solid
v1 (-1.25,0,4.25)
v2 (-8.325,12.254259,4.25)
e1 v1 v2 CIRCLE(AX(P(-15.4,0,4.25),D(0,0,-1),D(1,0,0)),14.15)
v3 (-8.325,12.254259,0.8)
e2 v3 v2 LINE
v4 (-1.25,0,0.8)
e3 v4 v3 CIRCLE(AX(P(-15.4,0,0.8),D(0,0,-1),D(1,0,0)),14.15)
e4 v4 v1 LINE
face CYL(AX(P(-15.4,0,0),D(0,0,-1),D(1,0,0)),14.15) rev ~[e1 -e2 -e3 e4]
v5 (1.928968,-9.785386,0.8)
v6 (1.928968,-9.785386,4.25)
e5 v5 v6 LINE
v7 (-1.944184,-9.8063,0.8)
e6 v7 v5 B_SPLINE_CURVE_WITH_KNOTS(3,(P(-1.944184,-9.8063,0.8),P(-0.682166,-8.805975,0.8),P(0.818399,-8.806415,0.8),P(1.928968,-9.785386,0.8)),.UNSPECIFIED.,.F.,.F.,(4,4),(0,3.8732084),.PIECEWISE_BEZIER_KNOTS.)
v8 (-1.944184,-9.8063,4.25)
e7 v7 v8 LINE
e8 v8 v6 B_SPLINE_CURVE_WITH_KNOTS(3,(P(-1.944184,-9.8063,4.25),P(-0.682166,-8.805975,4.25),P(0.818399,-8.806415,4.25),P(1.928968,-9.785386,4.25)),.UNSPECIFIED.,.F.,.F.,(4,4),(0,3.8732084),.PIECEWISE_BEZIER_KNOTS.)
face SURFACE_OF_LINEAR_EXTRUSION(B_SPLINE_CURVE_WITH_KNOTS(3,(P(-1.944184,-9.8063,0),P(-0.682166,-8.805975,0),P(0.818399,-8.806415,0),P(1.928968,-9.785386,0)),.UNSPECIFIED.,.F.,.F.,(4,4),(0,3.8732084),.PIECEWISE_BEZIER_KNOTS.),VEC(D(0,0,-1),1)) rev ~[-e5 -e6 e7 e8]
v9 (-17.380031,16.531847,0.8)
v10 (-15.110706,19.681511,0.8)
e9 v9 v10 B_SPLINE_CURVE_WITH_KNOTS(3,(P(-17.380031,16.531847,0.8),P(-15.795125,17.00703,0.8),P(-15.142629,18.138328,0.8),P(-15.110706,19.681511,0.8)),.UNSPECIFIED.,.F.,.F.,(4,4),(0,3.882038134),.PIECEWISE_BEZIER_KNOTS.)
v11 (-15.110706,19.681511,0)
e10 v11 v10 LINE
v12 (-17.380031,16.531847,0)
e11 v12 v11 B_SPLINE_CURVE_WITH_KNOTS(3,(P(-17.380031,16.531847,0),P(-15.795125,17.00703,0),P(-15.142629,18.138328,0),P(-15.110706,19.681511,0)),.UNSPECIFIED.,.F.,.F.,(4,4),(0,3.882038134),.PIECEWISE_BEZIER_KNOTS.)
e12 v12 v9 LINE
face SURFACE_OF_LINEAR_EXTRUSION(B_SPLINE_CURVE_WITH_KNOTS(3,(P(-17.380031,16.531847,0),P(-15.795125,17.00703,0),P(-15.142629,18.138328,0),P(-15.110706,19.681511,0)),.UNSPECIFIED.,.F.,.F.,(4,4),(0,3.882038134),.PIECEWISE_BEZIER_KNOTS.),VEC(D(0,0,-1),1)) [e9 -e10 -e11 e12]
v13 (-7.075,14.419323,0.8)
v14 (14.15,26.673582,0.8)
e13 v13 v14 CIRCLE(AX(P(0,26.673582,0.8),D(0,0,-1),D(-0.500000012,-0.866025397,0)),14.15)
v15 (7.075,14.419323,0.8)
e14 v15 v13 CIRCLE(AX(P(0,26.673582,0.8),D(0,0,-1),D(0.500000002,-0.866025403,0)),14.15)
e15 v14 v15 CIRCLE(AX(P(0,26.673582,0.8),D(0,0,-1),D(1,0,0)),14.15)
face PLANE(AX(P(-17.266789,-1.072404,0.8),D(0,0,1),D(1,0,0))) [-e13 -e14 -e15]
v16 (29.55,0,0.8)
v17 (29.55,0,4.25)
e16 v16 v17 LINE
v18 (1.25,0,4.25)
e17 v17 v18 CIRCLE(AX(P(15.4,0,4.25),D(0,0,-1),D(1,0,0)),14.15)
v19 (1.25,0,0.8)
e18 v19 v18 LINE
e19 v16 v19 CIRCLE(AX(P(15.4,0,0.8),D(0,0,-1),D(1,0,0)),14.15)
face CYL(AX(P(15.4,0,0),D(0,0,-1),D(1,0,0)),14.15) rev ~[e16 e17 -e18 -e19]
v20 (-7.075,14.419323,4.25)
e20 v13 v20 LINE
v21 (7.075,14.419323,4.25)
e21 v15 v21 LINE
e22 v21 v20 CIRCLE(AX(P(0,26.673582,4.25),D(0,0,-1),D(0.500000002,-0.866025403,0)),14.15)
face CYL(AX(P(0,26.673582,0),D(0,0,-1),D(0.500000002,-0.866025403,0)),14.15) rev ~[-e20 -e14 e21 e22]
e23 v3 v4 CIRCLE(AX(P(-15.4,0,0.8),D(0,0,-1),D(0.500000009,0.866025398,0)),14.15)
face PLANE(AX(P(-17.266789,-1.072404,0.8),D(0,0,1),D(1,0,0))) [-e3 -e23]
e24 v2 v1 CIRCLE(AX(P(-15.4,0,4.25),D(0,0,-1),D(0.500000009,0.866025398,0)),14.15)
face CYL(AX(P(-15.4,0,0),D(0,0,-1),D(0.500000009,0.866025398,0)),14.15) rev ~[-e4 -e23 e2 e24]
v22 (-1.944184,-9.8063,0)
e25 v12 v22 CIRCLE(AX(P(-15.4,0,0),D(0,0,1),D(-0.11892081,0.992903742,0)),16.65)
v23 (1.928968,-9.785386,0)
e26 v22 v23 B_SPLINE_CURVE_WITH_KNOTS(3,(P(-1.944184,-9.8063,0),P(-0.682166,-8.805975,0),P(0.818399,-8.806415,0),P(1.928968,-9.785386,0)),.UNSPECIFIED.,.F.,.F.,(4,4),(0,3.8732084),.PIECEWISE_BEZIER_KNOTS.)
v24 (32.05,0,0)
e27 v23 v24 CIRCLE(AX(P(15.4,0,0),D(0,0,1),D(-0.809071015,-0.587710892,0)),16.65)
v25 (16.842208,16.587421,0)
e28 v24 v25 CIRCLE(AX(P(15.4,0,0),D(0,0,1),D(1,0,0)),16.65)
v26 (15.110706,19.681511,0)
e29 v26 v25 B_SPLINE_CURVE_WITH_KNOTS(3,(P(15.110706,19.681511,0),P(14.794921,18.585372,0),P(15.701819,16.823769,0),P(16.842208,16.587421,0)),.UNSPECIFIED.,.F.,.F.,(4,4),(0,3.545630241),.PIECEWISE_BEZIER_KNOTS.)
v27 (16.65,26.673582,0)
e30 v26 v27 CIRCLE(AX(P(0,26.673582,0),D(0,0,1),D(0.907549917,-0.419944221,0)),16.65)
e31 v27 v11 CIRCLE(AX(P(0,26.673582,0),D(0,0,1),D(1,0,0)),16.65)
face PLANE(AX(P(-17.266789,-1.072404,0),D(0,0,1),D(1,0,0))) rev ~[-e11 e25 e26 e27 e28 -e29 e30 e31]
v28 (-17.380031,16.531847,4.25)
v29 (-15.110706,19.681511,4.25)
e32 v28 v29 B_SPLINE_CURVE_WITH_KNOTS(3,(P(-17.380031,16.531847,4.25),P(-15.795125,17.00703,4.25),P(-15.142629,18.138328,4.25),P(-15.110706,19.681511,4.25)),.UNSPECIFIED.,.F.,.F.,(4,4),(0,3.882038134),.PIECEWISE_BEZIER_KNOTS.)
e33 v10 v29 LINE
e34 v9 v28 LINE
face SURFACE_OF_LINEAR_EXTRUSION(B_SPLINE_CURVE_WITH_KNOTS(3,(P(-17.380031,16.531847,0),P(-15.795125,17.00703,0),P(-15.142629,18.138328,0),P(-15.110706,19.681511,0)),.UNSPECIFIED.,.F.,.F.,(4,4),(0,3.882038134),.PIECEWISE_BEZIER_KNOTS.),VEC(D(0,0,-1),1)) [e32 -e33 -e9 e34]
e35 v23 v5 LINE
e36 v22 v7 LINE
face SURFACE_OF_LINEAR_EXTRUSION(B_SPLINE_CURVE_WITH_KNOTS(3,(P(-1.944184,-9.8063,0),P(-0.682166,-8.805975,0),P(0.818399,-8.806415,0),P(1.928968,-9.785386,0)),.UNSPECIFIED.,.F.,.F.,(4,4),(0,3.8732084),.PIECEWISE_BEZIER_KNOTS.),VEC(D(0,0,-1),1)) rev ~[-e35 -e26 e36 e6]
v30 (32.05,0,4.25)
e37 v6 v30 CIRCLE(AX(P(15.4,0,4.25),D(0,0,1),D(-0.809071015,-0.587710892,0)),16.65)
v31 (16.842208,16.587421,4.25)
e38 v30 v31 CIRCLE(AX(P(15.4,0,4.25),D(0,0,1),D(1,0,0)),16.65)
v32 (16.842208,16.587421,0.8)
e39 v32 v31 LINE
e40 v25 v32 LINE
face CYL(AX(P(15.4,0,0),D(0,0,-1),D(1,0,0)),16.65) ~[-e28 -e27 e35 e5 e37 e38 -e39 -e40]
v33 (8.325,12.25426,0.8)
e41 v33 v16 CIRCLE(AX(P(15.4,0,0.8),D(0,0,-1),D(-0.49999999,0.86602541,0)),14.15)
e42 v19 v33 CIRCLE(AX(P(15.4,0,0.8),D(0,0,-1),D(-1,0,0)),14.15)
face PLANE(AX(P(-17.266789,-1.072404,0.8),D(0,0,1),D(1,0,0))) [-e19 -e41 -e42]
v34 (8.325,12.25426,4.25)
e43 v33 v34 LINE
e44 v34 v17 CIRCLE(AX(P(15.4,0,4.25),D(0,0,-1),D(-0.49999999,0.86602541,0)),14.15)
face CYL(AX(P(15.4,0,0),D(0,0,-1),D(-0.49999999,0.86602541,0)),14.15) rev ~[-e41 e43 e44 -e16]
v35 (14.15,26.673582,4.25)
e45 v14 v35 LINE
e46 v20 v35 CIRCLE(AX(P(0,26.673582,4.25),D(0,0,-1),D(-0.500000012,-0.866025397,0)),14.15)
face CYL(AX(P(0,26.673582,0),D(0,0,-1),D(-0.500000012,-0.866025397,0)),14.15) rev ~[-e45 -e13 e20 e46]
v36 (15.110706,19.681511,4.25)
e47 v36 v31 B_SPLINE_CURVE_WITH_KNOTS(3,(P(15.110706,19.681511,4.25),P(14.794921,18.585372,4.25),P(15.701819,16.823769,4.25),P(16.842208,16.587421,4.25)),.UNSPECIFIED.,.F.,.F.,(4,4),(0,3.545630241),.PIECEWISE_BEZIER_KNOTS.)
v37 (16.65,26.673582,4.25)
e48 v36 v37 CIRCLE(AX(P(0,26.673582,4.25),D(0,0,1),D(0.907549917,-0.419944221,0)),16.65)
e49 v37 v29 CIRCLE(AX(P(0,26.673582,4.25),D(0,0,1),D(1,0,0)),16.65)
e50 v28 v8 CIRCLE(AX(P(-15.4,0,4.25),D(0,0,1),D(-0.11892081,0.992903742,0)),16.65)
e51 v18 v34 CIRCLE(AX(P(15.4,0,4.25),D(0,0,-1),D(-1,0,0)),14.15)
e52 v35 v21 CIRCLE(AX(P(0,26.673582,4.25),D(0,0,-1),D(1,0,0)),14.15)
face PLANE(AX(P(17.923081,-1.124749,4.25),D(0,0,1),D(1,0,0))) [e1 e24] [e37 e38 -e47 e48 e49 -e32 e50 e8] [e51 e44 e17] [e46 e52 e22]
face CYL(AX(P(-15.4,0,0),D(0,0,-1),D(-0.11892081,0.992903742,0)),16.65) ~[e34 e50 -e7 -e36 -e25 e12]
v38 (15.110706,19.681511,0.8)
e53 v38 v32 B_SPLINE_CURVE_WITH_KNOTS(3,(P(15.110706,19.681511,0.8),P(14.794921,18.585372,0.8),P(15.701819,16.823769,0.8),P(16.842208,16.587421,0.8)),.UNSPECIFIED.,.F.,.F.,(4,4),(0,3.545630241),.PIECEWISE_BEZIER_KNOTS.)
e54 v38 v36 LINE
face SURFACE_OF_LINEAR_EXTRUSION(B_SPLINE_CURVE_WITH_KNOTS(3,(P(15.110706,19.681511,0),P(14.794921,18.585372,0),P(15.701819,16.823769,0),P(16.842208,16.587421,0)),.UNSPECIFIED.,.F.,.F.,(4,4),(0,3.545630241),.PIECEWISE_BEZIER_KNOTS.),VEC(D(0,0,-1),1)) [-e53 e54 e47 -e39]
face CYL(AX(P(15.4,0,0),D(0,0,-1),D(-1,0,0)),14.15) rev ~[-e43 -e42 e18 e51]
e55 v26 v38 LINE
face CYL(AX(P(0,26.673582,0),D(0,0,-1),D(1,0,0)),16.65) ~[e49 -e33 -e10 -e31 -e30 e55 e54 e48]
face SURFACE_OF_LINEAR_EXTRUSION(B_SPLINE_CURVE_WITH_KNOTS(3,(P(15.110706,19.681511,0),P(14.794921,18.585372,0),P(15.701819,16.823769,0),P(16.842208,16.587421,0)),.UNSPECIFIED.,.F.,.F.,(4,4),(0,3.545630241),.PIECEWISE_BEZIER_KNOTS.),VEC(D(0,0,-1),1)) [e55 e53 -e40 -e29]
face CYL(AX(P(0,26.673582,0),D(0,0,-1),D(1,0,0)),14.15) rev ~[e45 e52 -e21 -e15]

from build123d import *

# Parameters (mm, degrees)
F1_DEPTH = 0.8
F2_DEPTH = 4.25


with BuildPart() as f1:
    # F0 (on Top) → F1 (new body)
    with BuildSketch(Plane.XY):
        with BuildLine():
            ThreePointArc((-1.9441843304, -9.8063002537), (-0.8677403981, -8.1262494955), (0, -6.3294944506))
            ThreePointArc((0, -6.3294944506), (-0.934511012, -3.2258719751), (-1.25, 0))
            ThreePointArc((-1.25, 0), (-27.654259501, -7.0749999351), (-8.3249998702, 12.2542593886))
            ThreePointArc((-8.3249998702, 12.2542593886), (-10.9609425294, 14.14041688), (-13.1815029873, 16.5015384436))
            ThreePointArc((-13.1815029873, 16.5015384436), (-15.2798080373, 16.6495661773), (-17.3800314921, 16.5318473042))
            ThreePointArc((-17.3800314921, 16.5318473042), (-29.7648149942, -8.4187047805), (-1.9441843304, -9.8063002537))
        make_face()
        with BuildLine():
            ThreePointArc((29.55, 0), (15.4, -14.15), (1.25, 0))
            ThreePointArc((1.25, 0), (0.934511012, -3.2258719751), (0, -6.3294944506))
            ThreePointArc((0, -6.3294944506), (0.8614331824, -8.1149599439), (1.9289676052, -9.7853863601))
            ThreePointArc((1.9289676052, -9.7853863601), (20.5444052438, -15.835327426), (32.05, 0))
            ThreePointArc((32.05, 0), (27.6726376204, 11.2518827686), (16.8422083078, 16.5874209929))
            ThreePointArc((16.8422083078, 16.5874209929), (15.0094875272, 16.6454197907), (13.1815029873, 16.5015384436))
            ThreePointArc((13.1815029873, 16.5015384436), (10.9609426486, 14.1404169843), (8.3250001445, 12.2542595469))
            ThreePointArc((8.3250001445, 12.2542595469), (22.4750000722, 12.2542594219), (29.55, 0))
        make_face()
        with BuildLine():
            ThreePointArc((7.075000026, 14.419322988), (10.026431588, 15.7590374872), (13.1815029873, 16.5015384436))
            ThreePointArc((13.1815029873, 16.5015384436), (14.2351793304, 18.0374855502), (15.1107061135, 19.681511159))
            ThreePointArc((15.1107061135, 19.681511159), (16.2606235549, 23.0938308244), (16.65, 26.6735824366))
            ThreePointArc((16.65, 26.6735824366), (-3.5797516122, 42.9342059915), (-15.1107061135, 19.681511159))
            ThreePointArc((-15.1107061135, 19.681511159), (-14.2351793304, 18.0374855502), (-13.1815029873, 16.5015384436))
            ThreePointArc((-13.1815029873, 16.5015384436), (-10.0264316681, 15.7590375145), (-7.0750001725, 14.4193230726))
            ThreePointArc((-7.0750001725, 14.4193230726), (-7.0749999137, 38.9278419499), (14.15, 26.6735824366))
            ThreePointArc((14.15, 26.6735824366), (12.254259471, 19.5985824495), (7.075000026, 14.419322988))
        make_face()
        with BuildLine():
            ThreePointArc((8.3250001445, 12.2542595469), (3.1457405781, 7.0750000722), (1.25, 0))
            ThreePointArc((1.25, 0), (15.4, -14.15), (29.55, 0))
            ThreePointArc((29.55, 0), (22.4750000722, 12.2542594219), (8.3250001445, 12.2542595469))
        make_face()
        with BuildLine():
            ThreePointArc((-7.0750001725, 14.4193230726), (-8.46e-08, 12.5235824366), (7.075000026, 14.419322988))
            ThreePointArc((7.075000026, 14.419322988), (12.254259471, 19.5985824495), (14.15, 26.6735824366))
            ThreePointArc((14.15, 26.6735824366), (-7.0749999137, 38.9278419499), (-7.0750001725, 14.4193230726))
        make_face()
        with BuildLine():
            ThreePointArc((-8.3249998702, 12.2542593886), (-27.654259501, -7.0749999351), (-1.25, 0))
            ThreePointArc((-1.25, 0), (-3.145740499, 7.0749999351), (-8.3249998702, 12.2542593886))
        make_face()
        with BuildLine():
            ThreePointArc((15.1107061135, 19.681511159), (14.2351793304, 18.0374855502), (13.1815029873, 16.5015384436))
            ThreePointArc((13.1815029873, 16.5015384436), (15.0094875272, 16.6454197907), (16.8422083078, 16.5874209929))
            add(Edge.make_bspline(
                [(15.1107061135, 19.681511159), (14.7949214968, 18.5853722938), (15.7018187627, 16.8237693996), (16.8422083078, 16.5874209929)],
                knots=[0, 0, 0, 0, 3.5456302408, 3.5456302408, 3.5456302408, 3.5456302408], degree=3))
        make_face()
        with BuildLine():
            ThreePointArc((1.9289676052, -9.7853863601), (0.8614331824, -8.1149599439), (0, -6.3294944506))
            ThreePointArc((0, -6.3294944506), (-0.8677403981, -8.1262494955), (-1.9441843304, -9.8063002537))
            add(Edge.make_bspline(
                [(-1.9441843304, -9.8063002537), (-0.6821660037, -8.8059748815), (0.8183994243, -8.8064145129), (1.9289676052, -9.7853863601)],
                knots=[0, 0, 0, 0, 3.8732083996, 3.8732083996, 3.8732083996, 3.8732083996], degree=3))
        make_face()
        with BuildLine():
            add(Edge.make_bspline(
                [(-17.3800314921, 16.5318473042), (-15.7951249097, 17.0070298051), (-15.1426289174, 18.1383281448), (-15.1107061135, 19.681511159)],
                knots=[0, 0, 0, 0, 3.8820381337, 3.8820381337, 3.8820381337, 3.8820381337], degree=3))
            ThreePointArc((-17.3800314921, 16.5318473042), (-15.2798080373, 16.6495661773), (-13.1815029873, 16.5015384436))
            ThreePointArc((-13.1815029873, 16.5015384436), (-14.2351793304, 18.0374855502), (-15.1107061135, 19.681511159))
        make_face()
        with BuildLine():
            ThreePointArc((-2.2184970127, 10.172043993), (-0.980677027, 8.325), (0, 6.3294944506))
            ThreePointArc((0, 6.3294944506), (0.980677027, 8.325), (2.2184970127, 10.172043993))
            ThreePointArc((2.2184970127, 10.172043993), (0, 10.0235824366), (-2.2184970127, 10.172043993))
        make_face()
        with BuildLine():
            ThreePointArc((0, 6.3294944506), (0.934511012, 3.2258719751), (1.25, 0))
            ThreePointArc((1.25, 0), (3.1457405781, 7.0750000722), (8.3250001445, 12.2542595469))
            ThreePointArc((8.3250001445, 12.2542595469), (5.3735685051, 10.9145449811), (2.2184970127, 10.172043993))
            ThreePointArc((2.2184970127, 10.172043993), (0.980677027, 8.325), (0, 6.3294944506))
        make_face()
        with BuildLine():
            ThreePointArc((-2.2184970127, 10.172043993), (0, 10.0235824366), (2.2184970127, 10.172043993))
            ThreePointArc((2.2184970127, 10.172043993), (4.4390574255, 12.5331655171), (7.075000026, 14.419322988))
            ThreePointArc((7.075000026, 14.419322988), (-8.46e-08, 12.5235824366), (-7.0750001725, 14.4193230726))
            ThreePointArc((-7.0750001725, 14.4193230726), (-4.4390574892, 12.5331655728), (-2.2184970127, 10.172043993))
        make_face()
        with BuildLine():
            ThreePointArc((-1.25, 0), (-0.934511012, 3.2258719751), (0, 6.3294944506))
            ThreePointArc((0, 6.3294944506), (-0.980677027, 8.325), (-2.2184970127, 10.172043993))
            ThreePointArc((-2.2184970127, 10.172043993), (-5.3735683552, 10.91454493), (-8.3249998702, 12.2542593886))
            ThreePointArc((-8.3249998702, 12.2542593886), (-3.145740499, 7.0749999351), (-1.25, 0))
        make_face()
        with BuildLine():
            ThreePointArc((2.2184970127, 10.172043993), (5.3735685051, 10.9145449811), (8.3250001445, 12.2542595469))
            ThreePointArc((8.3250001445, 12.2542595469), (10.9609426486, 14.1404169843), (13.1815029873, 16.5015384436))
            ThreePointArc((13.1815029873, 16.5015384436), (10.026431588, 15.7590374872), (7.075000026, 14.419322988))
            ThreePointArc((7.075000026, 14.419322988), (4.4390574255, 12.5331655171), (2.2184970127, 10.172043993))
        make_face()
        with BuildLine():
            ThreePointArc((0, -6.3294944506), (0.934511012, -3.2258719751), (1.25, 0))
            ThreePointArc((1.25, 0), (0.934511012, 3.2258719751), (0, 6.3294944506))
            ThreePointArc((0, 6.3294944506), (-0.934511012, 3.2258719751), (-1.25, 0))
            ThreePointArc((-1.25, 0), (-0.934511012, -3.2258719751), (0, -6.3294944506))
        make_face()
        with BuildLine():
            ThreePointArc((-8.3249998702, 12.2542593886), (-5.3735683552, 10.91454493), (-2.2184970127, 10.172043993))
            ThreePointArc((-2.2184970127, 10.172043993), (-4.4390574892, 12.5331655728), (-7.0750001725, 14.4193230726))
            ThreePointArc((-7.0750001725, 14.4193230726), (-10.0264316681, 15.7590375145), (-13.1815029873, 16.5015384436))
            ThreePointArc((-13.1815029873, 16.5015384436), (-10.9609425294, 14.14041688), (-8.3249998702, 12.2542593886))
        make_face()
    extrude(amount=F1_DEPTH)

    # F0 (on Top) → F2 (join)
    with BuildSketch(Plane.XY):
        with BuildLine():
            ThreePointArc((29.55, 0), (15.4, -14.15), (1.25, 0))
            ThreePointArc((1.25, 0), (0.934511012, -3.2258719751), (0, -6.3294944506))
            ThreePointArc((0, -6.3294944506), (0.8614331824, -8.1149599439), (1.9289676052, -9.7853863601))
            ThreePointArc((1.9289676052, -9.7853863601), (20.5444052438, -15.835327426), (32.05, 0))
            ThreePointArc((32.05, 0), (27.6726376204, 11.2518827686), (16.8422083078, 16.5874209929))
            ThreePointArc((16.8422083078, 16.5874209929), (15.0094875272, 16.6454197907), (13.1815029873, 16.5015384436))
            ThreePointArc((13.1815029873, 16.5015384436), (10.9609426486, 14.1404169843), (8.3250001445, 12.2542595469))
            ThreePointArc((8.3250001445, 12.2542595469), (22.4750000722, 12.2542594219), (29.55, 0))
        make_face()
        with BuildLine():
            ThreePointArc((-1.9441843304, -9.8063002537), (-0.8677403981, -8.1262494955), (0, -6.3294944506))
            ThreePointArc((0, -6.3294944506), (-0.934511012, -3.2258719751), (-1.25, 0))
            ThreePointArc((-1.25, 0), (-27.654259501, -7.0749999351), (-8.3249998702, 12.2542593886))
            ThreePointArc((-8.3249998702, 12.2542593886), (-10.9609425294, 14.14041688), (-13.1815029873, 16.5015384436))
            ThreePointArc((-13.1815029873, 16.5015384436), (-15.2798080373, 16.6495661773), (-17.3800314921, 16.5318473042))
            ThreePointArc((-17.3800314921, 16.5318473042), (-29.7648149942, -8.4187047805), (-1.9441843304, -9.8063002537))
        make_face()
        with BuildLine():
            ThreePointArc((1.9289676052, -9.7853863601), (0.8614331824, -8.1149599439), (0, -6.3294944506))
            ThreePointArc((0, -6.3294944506), (-0.8677403981, -8.1262494955), (-1.9441843304, -9.8063002537))
            add(Edge.make_bspline(
                [(-1.9441843304, -9.8063002537), (-0.6821660037, -8.8059748815), (0.8183994243, -8.8064145129), (1.9289676052, -9.7853863601)],
                knots=[0, 0, 0, 0, 3.8732083996, 3.8732083996, 3.8732083996, 3.8732083996], degree=3))
        make_face()
        with BuildLine():
            ThreePointArc((15.1107061135, 19.681511159), (14.2351793304, 18.0374855502), (13.1815029873, 16.5015384436))
            ThreePointArc((13.1815029873, 16.5015384436), (15.0094875272, 16.6454197907), (16.8422083078, 16.5874209929))
            add(Edge.make_bspline(
                [(15.1107061135, 19.681511159), (14.7949214968, 18.5853722938), (15.7018187627, 16.8237693996), (16.8422083078, 16.5874209929)],
                knots=[0, 0, 0, 0, 3.5456302408, 3.5456302408, 3.5456302408, 3.5456302408], degree=3))
        make_face()
        with BuildLine():
            ThreePointArc((7.075000026, 14.419322988), (10.026431588, 15.7590374872), (13.1815029873, 16.5015384436))
            ThreePointArc((13.1815029873, 16.5015384436), (14.2351793304, 18.0374855502), (15.1107061135, 19.681511159))
            ThreePointArc((15.1107061135, 19.681511159), (16.2606235549, 23.0938308244), (16.65, 26.6735824366))
            ThreePointArc((16.65, 26.6735824366), (-3.5797516122, 42.9342059915), (-15.1107061135, 19.681511159))
            ThreePointArc((-15.1107061135, 19.681511159), (-14.2351793304, 18.0374855502), (-13.1815029873, 16.5015384436))
            ThreePointArc((-13.1815029873, 16.5015384436), (-10.0264316681, 15.7590375145), (-7.0750001725, 14.4193230726))
            ThreePointArc((-7.0750001725, 14.4193230726), (-7.0749999137, 38.9278419499), (14.15, 26.6735824366))
            ThreePointArc((14.15, 26.6735824366), (12.254259471, 19.5985824495), (7.075000026, 14.419322988))
        make_face()
        with BuildLine():
            add(Edge.make_bspline(
                [(-17.3800314921, 16.5318473042), (-15.7951249097, 17.0070298051), (-15.1426289174, 18.1383281448), (-15.1107061135, 19.681511159)],
                knots=[0, 0, 0, 0, 3.8820381337, 3.8820381337, 3.8820381337, 3.8820381337], degree=3))
            ThreePointArc((-17.3800314921, 16.5318473042), (-15.2798080373, 16.6495661773), (-13.1815029873, 16.5015384436))
            ThreePointArc((-13.1815029873, 16.5015384436), (-14.2351793304, 18.0374855502), (-15.1107061135, 19.681511159))
        make_face()
        with BuildLine():
            ThreePointArc((-8.3249998702, 12.2542593886), (-5.3735683552, 10.91454493), (-2.2184970127, 10.172043993))
            ThreePointArc((-2.2184970127, 10.172043993), (-4.4390574892, 12.5331655728), (-7.0750001725, 14.4193230726))
            ThreePointArc((-7.0750001725, 14.4193230726), (-10.0264316681, 15.7590375145), (-13.1815029873, 16.5015384436))
            ThreePointArc((-13.1815029873, 16.5015384436), (-10.9609425294, 14.14041688), (-8.3249998702, 12.2542593886))
        make_face()
        with BuildLine():
            ThreePointArc((-1.25, 0), (-0.934511012, 3.2258719751), (0, 6.3294944506))
            ThreePointArc((0, 6.3294944506), (-0.980677027, 8.325), (-2.2184970127, 10.172043993))
            ThreePointArc((-2.2184970127, 10.172043993), (-5.3735683552, 10.91454493), (-8.3249998702, 12.2542593886))
            ThreePointArc((-8.3249998702, 12.2542593886), (-3.145740499, 7.0749999351), (-1.25, 0))
        make_face()
        with BuildLine():
            ThreePointArc((-2.2184970127, 10.172043993), (0, 10.0235824366), (2.2184970127, 10.172043993))
            ThreePointArc((2.2184970127, 10.172043993), (4.4390574255, 12.5331655171), (7.075000026, 14.419322988))
            ThreePointArc((7.075000026, 14.419322988), (-8.46e-08, 12.5235824366), (-7.0750001725, 14.4193230726))
            ThreePointArc((-7.0750001725, 14.4193230726), (-4.4390574892, 12.5331655728), (-2.2184970127, 10.172043993))
        make_face()
        with BuildLine():
            ThreePointArc((2.2184970127, 10.172043993), (5.3735685051, 10.9145449811), (8.3250001445, 12.2542595469))
            ThreePointArc((8.3250001445, 12.2542595469), (10.9609426486, 14.1404169843), (13.1815029873, 16.5015384436))
            ThreePointArc((13.1815029873, 16.5015384436), (10.026431588, 15.7590374872), (7.075000026, 14.419322988))
            ThreePointArc((7.075000026, 14.419322988), (4.4390574255, 12.5331655171), (2.2184970127, 10.172043993))
        make_face()
        with BuildLine():
            ThreePointArc((0, 6.3294944506), (0.934511012, 3.2258719751), (1.25, 0))
            ThreePointArc((1.25, 0), (3.1457405781, 7.0750000722), (8.3250001445, 12.2542595469))
            ThreePointArc((8.3250001445, 12.2542595469), (5.3735685051, 10.9145449811), (2.2184970127, 10.172043993))
            ThreePointArc((2.2184970127, 10.172043993), (0.980677027, 8.325), (0, 6.3294944506))
        make_face()
        with BuildLine():
            ThreePointArc((0, -6.3294944506), (0.934511012, -3.2258719751), (1.25, 0))
            ThreePointArc((1.25, 0), (0.934511012, 3.2258719751), (0, 6.3294944506))
            ThreePointArc((0, 6.3294944506), (-0.934511012, 3.2258719751), (-1.25, 0))
            ThreePointArc((-1.25, 0), (-0.934511012, -3.2258719751), (0, -6.3294944506))
        make_face()
        with BuildLine():
            ThreePointArc((-2.2184970127, 10.172043993), (-0.980677027, 8.325), (0, 6.3294944506))
            ThreePointArc((0, 6.3294944506), (0.980677027, 8.325), (2.2184970127, 10.172043993))
            ThreePointArc((2.2184970127, 10.172043993), (0, 10.0235824366), (-2.2184970127, 10.172043993))
        make_face()
    extrude(amount=F2_DEPTH)


solid = f1.part
